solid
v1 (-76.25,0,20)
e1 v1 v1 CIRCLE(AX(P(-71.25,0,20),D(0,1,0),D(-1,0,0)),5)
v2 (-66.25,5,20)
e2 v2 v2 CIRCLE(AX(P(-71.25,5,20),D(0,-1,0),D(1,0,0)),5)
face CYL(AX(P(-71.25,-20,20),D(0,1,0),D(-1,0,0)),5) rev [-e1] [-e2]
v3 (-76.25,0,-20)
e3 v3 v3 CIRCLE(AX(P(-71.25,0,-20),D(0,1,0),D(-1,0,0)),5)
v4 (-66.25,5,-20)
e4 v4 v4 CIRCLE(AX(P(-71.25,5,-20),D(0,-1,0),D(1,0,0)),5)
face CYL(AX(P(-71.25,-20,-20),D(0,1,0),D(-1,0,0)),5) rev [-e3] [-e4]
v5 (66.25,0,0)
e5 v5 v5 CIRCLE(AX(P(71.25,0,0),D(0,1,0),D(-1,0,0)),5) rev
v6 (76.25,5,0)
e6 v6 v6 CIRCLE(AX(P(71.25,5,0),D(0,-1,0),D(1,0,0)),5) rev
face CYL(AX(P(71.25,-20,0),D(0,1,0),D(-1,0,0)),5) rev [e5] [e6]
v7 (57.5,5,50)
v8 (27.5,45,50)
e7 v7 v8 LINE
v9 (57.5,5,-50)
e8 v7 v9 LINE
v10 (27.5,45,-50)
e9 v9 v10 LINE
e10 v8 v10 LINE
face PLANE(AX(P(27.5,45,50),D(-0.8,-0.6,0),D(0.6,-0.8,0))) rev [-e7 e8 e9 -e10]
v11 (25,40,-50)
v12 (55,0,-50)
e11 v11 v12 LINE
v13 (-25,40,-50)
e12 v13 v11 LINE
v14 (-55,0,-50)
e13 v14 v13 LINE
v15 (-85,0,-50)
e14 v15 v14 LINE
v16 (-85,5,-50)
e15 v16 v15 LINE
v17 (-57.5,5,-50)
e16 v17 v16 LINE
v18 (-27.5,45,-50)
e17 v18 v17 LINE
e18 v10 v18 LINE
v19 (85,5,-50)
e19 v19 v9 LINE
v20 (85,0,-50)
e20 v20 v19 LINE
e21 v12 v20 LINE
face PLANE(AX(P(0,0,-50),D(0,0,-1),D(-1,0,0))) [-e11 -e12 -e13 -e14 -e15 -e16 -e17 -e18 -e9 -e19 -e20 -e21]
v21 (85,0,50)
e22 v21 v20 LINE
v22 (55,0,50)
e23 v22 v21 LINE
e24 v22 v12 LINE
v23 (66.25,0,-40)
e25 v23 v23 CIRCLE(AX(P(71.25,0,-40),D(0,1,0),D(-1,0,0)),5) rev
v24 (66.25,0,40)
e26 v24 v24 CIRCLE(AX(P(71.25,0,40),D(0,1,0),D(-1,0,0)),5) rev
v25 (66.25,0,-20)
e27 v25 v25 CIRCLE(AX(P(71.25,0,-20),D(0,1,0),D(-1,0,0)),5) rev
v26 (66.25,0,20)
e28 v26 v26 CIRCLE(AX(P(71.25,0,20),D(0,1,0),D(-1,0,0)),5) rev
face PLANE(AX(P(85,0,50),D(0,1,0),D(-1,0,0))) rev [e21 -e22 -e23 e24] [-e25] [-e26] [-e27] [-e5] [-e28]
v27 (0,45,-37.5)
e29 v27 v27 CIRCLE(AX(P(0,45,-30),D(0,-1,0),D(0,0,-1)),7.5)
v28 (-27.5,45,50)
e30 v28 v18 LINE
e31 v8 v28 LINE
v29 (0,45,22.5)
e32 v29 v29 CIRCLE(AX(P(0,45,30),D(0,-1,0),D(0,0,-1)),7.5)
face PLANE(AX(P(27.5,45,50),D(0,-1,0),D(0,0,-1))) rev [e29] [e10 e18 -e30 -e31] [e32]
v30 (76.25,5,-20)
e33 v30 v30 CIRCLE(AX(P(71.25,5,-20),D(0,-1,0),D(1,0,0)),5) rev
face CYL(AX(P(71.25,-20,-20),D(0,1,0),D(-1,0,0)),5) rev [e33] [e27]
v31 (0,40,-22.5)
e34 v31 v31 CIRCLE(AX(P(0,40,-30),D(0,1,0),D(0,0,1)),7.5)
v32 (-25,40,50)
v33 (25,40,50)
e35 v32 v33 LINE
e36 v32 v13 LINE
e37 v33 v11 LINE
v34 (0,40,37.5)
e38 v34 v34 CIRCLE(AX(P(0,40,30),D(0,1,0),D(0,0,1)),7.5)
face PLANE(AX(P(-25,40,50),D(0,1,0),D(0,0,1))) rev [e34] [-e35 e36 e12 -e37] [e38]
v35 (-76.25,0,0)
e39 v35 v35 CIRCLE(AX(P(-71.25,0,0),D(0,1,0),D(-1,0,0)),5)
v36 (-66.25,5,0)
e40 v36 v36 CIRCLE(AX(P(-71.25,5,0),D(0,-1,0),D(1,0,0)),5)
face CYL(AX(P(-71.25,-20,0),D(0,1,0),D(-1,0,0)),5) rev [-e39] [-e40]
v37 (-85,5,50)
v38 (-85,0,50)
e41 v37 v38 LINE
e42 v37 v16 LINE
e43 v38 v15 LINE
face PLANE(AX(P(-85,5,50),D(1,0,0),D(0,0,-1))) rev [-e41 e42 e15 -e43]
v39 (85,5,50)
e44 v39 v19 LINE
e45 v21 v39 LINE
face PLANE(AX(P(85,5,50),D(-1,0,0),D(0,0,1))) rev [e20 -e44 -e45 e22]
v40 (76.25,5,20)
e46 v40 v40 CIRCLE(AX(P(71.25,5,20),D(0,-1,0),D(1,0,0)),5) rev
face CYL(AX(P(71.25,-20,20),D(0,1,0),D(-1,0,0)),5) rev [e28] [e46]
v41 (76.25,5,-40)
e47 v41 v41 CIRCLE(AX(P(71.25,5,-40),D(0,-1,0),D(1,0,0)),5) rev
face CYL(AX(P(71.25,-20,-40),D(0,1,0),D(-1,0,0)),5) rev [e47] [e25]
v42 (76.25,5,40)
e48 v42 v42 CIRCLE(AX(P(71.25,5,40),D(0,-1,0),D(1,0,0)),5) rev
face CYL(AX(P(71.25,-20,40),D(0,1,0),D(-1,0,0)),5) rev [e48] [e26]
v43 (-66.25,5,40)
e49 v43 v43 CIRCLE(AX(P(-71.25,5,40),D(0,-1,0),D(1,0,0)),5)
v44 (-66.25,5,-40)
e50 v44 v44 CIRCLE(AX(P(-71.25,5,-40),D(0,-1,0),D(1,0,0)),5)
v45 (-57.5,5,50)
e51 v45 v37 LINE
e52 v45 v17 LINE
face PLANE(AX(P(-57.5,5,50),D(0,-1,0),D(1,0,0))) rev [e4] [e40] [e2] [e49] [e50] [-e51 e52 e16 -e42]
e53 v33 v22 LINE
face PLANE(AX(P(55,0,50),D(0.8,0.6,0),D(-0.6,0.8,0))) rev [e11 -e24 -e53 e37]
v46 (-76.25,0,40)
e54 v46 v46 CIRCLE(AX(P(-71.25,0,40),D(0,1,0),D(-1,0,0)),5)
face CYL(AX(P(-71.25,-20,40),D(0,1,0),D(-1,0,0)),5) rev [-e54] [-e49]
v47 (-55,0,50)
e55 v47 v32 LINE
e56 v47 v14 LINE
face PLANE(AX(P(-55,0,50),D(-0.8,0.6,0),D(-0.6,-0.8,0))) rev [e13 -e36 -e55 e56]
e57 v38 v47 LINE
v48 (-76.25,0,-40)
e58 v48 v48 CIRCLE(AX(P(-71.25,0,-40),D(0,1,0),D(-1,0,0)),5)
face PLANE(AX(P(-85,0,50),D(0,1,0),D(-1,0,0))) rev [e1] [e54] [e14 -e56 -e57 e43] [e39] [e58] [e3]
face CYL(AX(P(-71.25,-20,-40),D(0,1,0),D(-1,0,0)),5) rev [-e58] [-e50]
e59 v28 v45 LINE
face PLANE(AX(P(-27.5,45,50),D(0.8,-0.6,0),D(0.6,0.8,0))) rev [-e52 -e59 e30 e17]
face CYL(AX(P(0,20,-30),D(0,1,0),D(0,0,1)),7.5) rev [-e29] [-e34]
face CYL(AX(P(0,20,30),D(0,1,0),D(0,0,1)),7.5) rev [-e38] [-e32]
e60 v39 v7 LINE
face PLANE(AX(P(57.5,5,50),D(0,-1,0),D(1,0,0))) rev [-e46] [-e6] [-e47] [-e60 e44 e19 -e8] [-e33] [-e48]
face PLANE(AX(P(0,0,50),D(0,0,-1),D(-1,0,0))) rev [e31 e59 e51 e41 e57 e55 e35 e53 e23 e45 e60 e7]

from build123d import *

# Parameters (mm, degrees)
BOSS_EXTRUDE1_DEPTH = 50
SKETCH2_R           = 5
CUT_EXTRUDE1_DEPTH  = 25
SKETCH3_R           = 7.5
CUT_EXTRUDE2_DEPTH  = 25


with BuildPart() as part:
    # Sketch1 → Boss-Extrude1 (new, symmetric)
    with BuildSketch(Plane.XY):
        Polygon((27.5, 45), (-27.5, 45), (-57.5, 5), (-85, 5), (-85, 0), (-55, 0), (-25, 40), (25, 40), (55, 0), (85, 0), (85, 5), (57.5, 5), align=None)
    extrude(amount=BOSS_EXTRUDE1_DEPTH, both=True)

    # Sketch2 → Cut-Extrude1 (cut, symmetric)
    with BuildSketch(Plane(origin=(0, 5, 0), x_dir=(1, 0, 0), z_dir=(0, 1, 0))):
        with Locations(Location((-71.25, -40, 0), (0, 0, 180))):
            Circle(SKETCH2_R)
        with Locations(Location((-71.25, -20, 0), (0, 0, 180))):
            Circle(SKETCH2_R)
        with Locations(Location((-71.25, 0, 0), (0, 0, 180))):
            Circle(SKETCH2_R)
        with Locations(Location((-71.25, 20, 0), (0, 0, 180))):
            Circle(SKETCH2_R)
        with Locations(Location((-71.25, 40, 0), (0, 0, 180))):
            Circle(SKETCH2_R)
    cut_extrude1 = extrude(amount=CUT_EXTRUDE1_DEPTH, both=True, mode=Mode.SUBTRACT)

    # Mirror1: Cut-Extrude1 across plane
    add(cut_extrude1.mirror(Plane(origin=(0, 0, 0), x_dir=(0, 0, 1), z_dir=(1, 0, 0))), mode=Mode.SUBTRACT)

    # Sketch3 → Cut-Extrude2 (cut, symmetric)
    with BuildSketch(Plane(origin=(0, 45, 0), x_dir=(1, 0, 0), z_dir=(0, 1, 0))):
        with Locations(Location((0, -30, 0), (0, 0, 270))):
            Circle(SKETCH3_R)
        with Locations(Location((0, 30, 0), (0, 0, 270))):
            Circle(SKETCH3_R)
    extrude(amount=CUT_EXTRUDE2_DEPTH, both=True, mode=Mode.SUBTRACT)


solid = part.part
